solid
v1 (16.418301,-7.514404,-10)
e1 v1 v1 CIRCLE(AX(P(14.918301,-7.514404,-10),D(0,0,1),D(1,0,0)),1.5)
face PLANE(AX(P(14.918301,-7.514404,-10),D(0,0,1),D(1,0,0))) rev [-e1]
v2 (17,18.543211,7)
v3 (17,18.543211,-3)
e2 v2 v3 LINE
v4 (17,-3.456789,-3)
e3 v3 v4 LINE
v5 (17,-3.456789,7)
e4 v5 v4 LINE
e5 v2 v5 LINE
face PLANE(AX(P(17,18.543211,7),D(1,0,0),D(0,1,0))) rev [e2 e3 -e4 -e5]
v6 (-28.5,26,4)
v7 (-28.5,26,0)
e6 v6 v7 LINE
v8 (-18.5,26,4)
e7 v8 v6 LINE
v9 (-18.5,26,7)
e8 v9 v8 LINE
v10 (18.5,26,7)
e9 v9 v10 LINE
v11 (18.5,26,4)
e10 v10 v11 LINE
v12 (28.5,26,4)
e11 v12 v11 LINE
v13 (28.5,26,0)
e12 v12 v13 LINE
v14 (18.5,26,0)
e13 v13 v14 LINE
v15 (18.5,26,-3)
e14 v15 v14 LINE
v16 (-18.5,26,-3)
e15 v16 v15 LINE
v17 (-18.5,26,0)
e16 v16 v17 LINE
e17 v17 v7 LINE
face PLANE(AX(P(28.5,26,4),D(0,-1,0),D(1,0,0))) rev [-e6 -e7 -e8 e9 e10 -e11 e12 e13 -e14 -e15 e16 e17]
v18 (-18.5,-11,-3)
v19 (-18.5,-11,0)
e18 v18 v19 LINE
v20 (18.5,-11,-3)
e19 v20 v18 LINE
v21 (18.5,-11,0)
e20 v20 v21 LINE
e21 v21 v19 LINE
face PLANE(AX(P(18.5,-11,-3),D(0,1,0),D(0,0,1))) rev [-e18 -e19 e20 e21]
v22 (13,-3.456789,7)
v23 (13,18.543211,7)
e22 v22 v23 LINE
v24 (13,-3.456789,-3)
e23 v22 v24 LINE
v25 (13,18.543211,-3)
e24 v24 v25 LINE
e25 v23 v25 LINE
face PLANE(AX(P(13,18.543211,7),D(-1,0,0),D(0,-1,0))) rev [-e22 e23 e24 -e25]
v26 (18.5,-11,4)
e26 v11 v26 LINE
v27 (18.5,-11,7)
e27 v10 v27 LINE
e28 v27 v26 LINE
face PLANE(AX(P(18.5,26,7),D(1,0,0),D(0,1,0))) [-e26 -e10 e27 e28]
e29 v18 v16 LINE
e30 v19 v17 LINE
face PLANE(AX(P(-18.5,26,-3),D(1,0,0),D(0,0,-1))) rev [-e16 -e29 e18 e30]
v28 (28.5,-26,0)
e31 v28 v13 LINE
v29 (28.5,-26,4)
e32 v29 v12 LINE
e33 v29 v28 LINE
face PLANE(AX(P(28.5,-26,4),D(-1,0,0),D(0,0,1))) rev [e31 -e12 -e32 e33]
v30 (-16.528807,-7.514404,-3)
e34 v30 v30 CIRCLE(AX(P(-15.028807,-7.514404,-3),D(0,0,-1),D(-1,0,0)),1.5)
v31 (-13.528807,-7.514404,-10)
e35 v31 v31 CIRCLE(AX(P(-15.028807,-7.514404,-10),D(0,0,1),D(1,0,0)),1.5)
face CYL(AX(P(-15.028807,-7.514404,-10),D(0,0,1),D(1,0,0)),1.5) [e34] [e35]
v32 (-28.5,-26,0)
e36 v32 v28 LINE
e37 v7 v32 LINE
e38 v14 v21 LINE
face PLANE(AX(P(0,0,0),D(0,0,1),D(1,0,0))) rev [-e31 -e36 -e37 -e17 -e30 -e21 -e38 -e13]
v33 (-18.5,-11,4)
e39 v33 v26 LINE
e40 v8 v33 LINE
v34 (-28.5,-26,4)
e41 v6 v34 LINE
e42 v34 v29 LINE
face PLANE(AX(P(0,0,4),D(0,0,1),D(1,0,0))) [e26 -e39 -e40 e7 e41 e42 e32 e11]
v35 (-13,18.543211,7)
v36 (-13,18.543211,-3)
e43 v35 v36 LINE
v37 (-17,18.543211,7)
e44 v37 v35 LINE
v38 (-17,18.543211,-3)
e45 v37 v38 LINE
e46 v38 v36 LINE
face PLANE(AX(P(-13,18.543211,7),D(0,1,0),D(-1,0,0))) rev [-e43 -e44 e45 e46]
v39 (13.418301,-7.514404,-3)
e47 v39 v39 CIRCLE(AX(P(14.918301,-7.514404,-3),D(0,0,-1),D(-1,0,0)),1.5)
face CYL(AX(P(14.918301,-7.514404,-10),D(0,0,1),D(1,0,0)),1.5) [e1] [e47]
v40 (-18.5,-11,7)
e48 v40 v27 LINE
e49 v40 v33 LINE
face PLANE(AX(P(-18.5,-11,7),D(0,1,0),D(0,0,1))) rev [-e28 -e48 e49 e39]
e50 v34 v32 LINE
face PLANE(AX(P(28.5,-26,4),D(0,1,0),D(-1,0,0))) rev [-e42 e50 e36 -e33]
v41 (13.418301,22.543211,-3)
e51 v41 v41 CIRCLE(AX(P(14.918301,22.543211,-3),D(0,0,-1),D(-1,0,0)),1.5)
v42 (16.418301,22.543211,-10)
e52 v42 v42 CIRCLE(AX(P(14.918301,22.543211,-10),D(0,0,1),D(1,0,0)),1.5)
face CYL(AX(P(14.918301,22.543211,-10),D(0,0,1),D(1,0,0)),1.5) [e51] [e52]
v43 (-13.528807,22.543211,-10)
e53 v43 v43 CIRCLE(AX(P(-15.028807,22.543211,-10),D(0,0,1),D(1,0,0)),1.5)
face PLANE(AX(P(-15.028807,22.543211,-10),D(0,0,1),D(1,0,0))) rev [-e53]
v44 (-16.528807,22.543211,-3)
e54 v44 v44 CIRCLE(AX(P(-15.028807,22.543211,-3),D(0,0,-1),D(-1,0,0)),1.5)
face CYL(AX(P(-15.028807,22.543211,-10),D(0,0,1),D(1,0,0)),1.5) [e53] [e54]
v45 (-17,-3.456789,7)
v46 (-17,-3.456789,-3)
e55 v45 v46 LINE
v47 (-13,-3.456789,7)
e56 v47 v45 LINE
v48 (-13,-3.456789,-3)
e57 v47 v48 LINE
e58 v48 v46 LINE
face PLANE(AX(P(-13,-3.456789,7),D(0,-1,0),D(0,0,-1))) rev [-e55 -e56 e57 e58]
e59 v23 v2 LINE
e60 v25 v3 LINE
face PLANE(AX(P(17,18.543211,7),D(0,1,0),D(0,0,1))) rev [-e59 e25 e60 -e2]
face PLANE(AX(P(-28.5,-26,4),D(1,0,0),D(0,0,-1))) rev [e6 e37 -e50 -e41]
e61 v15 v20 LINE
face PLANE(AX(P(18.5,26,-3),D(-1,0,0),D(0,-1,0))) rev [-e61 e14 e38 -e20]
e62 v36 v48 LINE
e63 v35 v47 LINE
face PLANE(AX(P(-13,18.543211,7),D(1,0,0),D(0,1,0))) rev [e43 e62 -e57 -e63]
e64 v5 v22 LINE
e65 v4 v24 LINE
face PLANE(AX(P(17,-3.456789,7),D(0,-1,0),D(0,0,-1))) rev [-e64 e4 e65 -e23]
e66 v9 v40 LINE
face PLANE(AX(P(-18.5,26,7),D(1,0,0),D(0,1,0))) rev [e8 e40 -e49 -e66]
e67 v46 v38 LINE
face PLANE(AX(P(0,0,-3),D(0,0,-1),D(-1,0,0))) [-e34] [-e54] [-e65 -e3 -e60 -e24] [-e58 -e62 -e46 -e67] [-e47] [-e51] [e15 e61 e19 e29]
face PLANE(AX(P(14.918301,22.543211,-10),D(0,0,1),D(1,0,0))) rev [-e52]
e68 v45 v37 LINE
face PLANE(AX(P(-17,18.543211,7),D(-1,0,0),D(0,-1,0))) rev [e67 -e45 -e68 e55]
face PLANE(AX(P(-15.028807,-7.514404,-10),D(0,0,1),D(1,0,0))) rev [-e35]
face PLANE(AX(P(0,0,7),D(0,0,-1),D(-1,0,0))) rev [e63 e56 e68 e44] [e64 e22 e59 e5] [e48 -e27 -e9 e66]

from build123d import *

# Parameters (mm, degrees)
SKETCH1_W           = 57
SKETCH1_H           = 52
BOSS_EXTRUDE1_DEPTH = 4
SKETCH3_W           = 37
SKETCH3_H           = 37
BOSS_EXTRUDE2_DEPTH = 3
SKETCH4_W           = 37
SKETCH4_H           = 37
BOSS_EXTRUDE3_DEPTH = 3
SKETCH6_R           = 1.5
BOSS_EXTRUDE4_DEPTH = 10
SKETCH6_6_R         = 1.5
BOSS_EXTRUDE6_DEPTH = 10
SKETCH8_W           = 4
SKETCH8_H           = 22
CUT_EXTRUDE1_DEPTH  = 11


with BuildPart() as part:
    # Sketch1 → Boss-Extrude1 (new body)
    with BuildSketch(Plane.XY):
        Rectangle(SKETCH1_W, SKETCH1_H)
    extrude(amount=BOSS_EXTRUDE1_DEPTH)

    # Sketch3 → Boss-Extrude2 (add)
    with BuildSketch(Plane.XY.offset(4)):
        with Locations((0, 7.5)):
            Rectangle(SKETCH3_W, SKETCH3_H)
    extrude(amount=BOSS_EXTRUDE2_DEPTH)

    # Sketch4 → Boss-Extrude3 (add)
    with BuildSketch(Plane(origin=(0, 0, 0), x_dir=(-1, 0, 0), z_dir=(0, 0, -1))):
        with Locations((0, 7.5)):
            Rectangle(SKETCH4_W, SKETCH4_H)
    extrude(amount=BOSS_EXTRUDE3_DEPTH)

    # Sketch6 → Boss-Extrude4 (add)
    with BuildSketch(Plane.XY):
        with Locations((14.91830134, 22.543210914)):
            Circle(SKETCH6_R)
        with Locations((14.91830134, -7.514403638)):
            Circle(SKETCH6_R)
    extrude(amount=-BOSS_EXTRUDE4_DEPTH)

    # Sketch6<6> → Boss-Extrude6 (add)
    with BuildSketch(Plane.XY):
        with Locations((-15.028807276, 22.543210914)):
            Circle(SKETCH6_6_R)
        with Locations((14.91830134, 22.543210914)):
            Circle(SKETCH6_6_R)
        with Locations((-15.028807276, -7.514403638)):
            Circle(SKETCH6_6_R)
        with Locations((14.91830134, -7.514403638)):
            Circle(SKETCH6_6_R)
    extrude(amount=-BOSS_EXTRUDE6_DEPTH)

    # Sketch8 → Cut-Extrude1 (cut, through all)
    with BuildSketch(Plane(origin=(0, 0, -3), x_dir=(-1, 0, 0), z_dir=(0, 0, -1))):
        with Locations((-15, 7.543210914)):
            Rectangle(SKETCH8_W, SKETCH8_H)
        with Locations((15, 7.543210914)):
            Rectangle(SKETCH8_W, SKETCH8_H)
    extrude(amount=-CUT_EXTRUDE1_DEPTH, mode=Mode.SUBTRACT)


solid = part.part
